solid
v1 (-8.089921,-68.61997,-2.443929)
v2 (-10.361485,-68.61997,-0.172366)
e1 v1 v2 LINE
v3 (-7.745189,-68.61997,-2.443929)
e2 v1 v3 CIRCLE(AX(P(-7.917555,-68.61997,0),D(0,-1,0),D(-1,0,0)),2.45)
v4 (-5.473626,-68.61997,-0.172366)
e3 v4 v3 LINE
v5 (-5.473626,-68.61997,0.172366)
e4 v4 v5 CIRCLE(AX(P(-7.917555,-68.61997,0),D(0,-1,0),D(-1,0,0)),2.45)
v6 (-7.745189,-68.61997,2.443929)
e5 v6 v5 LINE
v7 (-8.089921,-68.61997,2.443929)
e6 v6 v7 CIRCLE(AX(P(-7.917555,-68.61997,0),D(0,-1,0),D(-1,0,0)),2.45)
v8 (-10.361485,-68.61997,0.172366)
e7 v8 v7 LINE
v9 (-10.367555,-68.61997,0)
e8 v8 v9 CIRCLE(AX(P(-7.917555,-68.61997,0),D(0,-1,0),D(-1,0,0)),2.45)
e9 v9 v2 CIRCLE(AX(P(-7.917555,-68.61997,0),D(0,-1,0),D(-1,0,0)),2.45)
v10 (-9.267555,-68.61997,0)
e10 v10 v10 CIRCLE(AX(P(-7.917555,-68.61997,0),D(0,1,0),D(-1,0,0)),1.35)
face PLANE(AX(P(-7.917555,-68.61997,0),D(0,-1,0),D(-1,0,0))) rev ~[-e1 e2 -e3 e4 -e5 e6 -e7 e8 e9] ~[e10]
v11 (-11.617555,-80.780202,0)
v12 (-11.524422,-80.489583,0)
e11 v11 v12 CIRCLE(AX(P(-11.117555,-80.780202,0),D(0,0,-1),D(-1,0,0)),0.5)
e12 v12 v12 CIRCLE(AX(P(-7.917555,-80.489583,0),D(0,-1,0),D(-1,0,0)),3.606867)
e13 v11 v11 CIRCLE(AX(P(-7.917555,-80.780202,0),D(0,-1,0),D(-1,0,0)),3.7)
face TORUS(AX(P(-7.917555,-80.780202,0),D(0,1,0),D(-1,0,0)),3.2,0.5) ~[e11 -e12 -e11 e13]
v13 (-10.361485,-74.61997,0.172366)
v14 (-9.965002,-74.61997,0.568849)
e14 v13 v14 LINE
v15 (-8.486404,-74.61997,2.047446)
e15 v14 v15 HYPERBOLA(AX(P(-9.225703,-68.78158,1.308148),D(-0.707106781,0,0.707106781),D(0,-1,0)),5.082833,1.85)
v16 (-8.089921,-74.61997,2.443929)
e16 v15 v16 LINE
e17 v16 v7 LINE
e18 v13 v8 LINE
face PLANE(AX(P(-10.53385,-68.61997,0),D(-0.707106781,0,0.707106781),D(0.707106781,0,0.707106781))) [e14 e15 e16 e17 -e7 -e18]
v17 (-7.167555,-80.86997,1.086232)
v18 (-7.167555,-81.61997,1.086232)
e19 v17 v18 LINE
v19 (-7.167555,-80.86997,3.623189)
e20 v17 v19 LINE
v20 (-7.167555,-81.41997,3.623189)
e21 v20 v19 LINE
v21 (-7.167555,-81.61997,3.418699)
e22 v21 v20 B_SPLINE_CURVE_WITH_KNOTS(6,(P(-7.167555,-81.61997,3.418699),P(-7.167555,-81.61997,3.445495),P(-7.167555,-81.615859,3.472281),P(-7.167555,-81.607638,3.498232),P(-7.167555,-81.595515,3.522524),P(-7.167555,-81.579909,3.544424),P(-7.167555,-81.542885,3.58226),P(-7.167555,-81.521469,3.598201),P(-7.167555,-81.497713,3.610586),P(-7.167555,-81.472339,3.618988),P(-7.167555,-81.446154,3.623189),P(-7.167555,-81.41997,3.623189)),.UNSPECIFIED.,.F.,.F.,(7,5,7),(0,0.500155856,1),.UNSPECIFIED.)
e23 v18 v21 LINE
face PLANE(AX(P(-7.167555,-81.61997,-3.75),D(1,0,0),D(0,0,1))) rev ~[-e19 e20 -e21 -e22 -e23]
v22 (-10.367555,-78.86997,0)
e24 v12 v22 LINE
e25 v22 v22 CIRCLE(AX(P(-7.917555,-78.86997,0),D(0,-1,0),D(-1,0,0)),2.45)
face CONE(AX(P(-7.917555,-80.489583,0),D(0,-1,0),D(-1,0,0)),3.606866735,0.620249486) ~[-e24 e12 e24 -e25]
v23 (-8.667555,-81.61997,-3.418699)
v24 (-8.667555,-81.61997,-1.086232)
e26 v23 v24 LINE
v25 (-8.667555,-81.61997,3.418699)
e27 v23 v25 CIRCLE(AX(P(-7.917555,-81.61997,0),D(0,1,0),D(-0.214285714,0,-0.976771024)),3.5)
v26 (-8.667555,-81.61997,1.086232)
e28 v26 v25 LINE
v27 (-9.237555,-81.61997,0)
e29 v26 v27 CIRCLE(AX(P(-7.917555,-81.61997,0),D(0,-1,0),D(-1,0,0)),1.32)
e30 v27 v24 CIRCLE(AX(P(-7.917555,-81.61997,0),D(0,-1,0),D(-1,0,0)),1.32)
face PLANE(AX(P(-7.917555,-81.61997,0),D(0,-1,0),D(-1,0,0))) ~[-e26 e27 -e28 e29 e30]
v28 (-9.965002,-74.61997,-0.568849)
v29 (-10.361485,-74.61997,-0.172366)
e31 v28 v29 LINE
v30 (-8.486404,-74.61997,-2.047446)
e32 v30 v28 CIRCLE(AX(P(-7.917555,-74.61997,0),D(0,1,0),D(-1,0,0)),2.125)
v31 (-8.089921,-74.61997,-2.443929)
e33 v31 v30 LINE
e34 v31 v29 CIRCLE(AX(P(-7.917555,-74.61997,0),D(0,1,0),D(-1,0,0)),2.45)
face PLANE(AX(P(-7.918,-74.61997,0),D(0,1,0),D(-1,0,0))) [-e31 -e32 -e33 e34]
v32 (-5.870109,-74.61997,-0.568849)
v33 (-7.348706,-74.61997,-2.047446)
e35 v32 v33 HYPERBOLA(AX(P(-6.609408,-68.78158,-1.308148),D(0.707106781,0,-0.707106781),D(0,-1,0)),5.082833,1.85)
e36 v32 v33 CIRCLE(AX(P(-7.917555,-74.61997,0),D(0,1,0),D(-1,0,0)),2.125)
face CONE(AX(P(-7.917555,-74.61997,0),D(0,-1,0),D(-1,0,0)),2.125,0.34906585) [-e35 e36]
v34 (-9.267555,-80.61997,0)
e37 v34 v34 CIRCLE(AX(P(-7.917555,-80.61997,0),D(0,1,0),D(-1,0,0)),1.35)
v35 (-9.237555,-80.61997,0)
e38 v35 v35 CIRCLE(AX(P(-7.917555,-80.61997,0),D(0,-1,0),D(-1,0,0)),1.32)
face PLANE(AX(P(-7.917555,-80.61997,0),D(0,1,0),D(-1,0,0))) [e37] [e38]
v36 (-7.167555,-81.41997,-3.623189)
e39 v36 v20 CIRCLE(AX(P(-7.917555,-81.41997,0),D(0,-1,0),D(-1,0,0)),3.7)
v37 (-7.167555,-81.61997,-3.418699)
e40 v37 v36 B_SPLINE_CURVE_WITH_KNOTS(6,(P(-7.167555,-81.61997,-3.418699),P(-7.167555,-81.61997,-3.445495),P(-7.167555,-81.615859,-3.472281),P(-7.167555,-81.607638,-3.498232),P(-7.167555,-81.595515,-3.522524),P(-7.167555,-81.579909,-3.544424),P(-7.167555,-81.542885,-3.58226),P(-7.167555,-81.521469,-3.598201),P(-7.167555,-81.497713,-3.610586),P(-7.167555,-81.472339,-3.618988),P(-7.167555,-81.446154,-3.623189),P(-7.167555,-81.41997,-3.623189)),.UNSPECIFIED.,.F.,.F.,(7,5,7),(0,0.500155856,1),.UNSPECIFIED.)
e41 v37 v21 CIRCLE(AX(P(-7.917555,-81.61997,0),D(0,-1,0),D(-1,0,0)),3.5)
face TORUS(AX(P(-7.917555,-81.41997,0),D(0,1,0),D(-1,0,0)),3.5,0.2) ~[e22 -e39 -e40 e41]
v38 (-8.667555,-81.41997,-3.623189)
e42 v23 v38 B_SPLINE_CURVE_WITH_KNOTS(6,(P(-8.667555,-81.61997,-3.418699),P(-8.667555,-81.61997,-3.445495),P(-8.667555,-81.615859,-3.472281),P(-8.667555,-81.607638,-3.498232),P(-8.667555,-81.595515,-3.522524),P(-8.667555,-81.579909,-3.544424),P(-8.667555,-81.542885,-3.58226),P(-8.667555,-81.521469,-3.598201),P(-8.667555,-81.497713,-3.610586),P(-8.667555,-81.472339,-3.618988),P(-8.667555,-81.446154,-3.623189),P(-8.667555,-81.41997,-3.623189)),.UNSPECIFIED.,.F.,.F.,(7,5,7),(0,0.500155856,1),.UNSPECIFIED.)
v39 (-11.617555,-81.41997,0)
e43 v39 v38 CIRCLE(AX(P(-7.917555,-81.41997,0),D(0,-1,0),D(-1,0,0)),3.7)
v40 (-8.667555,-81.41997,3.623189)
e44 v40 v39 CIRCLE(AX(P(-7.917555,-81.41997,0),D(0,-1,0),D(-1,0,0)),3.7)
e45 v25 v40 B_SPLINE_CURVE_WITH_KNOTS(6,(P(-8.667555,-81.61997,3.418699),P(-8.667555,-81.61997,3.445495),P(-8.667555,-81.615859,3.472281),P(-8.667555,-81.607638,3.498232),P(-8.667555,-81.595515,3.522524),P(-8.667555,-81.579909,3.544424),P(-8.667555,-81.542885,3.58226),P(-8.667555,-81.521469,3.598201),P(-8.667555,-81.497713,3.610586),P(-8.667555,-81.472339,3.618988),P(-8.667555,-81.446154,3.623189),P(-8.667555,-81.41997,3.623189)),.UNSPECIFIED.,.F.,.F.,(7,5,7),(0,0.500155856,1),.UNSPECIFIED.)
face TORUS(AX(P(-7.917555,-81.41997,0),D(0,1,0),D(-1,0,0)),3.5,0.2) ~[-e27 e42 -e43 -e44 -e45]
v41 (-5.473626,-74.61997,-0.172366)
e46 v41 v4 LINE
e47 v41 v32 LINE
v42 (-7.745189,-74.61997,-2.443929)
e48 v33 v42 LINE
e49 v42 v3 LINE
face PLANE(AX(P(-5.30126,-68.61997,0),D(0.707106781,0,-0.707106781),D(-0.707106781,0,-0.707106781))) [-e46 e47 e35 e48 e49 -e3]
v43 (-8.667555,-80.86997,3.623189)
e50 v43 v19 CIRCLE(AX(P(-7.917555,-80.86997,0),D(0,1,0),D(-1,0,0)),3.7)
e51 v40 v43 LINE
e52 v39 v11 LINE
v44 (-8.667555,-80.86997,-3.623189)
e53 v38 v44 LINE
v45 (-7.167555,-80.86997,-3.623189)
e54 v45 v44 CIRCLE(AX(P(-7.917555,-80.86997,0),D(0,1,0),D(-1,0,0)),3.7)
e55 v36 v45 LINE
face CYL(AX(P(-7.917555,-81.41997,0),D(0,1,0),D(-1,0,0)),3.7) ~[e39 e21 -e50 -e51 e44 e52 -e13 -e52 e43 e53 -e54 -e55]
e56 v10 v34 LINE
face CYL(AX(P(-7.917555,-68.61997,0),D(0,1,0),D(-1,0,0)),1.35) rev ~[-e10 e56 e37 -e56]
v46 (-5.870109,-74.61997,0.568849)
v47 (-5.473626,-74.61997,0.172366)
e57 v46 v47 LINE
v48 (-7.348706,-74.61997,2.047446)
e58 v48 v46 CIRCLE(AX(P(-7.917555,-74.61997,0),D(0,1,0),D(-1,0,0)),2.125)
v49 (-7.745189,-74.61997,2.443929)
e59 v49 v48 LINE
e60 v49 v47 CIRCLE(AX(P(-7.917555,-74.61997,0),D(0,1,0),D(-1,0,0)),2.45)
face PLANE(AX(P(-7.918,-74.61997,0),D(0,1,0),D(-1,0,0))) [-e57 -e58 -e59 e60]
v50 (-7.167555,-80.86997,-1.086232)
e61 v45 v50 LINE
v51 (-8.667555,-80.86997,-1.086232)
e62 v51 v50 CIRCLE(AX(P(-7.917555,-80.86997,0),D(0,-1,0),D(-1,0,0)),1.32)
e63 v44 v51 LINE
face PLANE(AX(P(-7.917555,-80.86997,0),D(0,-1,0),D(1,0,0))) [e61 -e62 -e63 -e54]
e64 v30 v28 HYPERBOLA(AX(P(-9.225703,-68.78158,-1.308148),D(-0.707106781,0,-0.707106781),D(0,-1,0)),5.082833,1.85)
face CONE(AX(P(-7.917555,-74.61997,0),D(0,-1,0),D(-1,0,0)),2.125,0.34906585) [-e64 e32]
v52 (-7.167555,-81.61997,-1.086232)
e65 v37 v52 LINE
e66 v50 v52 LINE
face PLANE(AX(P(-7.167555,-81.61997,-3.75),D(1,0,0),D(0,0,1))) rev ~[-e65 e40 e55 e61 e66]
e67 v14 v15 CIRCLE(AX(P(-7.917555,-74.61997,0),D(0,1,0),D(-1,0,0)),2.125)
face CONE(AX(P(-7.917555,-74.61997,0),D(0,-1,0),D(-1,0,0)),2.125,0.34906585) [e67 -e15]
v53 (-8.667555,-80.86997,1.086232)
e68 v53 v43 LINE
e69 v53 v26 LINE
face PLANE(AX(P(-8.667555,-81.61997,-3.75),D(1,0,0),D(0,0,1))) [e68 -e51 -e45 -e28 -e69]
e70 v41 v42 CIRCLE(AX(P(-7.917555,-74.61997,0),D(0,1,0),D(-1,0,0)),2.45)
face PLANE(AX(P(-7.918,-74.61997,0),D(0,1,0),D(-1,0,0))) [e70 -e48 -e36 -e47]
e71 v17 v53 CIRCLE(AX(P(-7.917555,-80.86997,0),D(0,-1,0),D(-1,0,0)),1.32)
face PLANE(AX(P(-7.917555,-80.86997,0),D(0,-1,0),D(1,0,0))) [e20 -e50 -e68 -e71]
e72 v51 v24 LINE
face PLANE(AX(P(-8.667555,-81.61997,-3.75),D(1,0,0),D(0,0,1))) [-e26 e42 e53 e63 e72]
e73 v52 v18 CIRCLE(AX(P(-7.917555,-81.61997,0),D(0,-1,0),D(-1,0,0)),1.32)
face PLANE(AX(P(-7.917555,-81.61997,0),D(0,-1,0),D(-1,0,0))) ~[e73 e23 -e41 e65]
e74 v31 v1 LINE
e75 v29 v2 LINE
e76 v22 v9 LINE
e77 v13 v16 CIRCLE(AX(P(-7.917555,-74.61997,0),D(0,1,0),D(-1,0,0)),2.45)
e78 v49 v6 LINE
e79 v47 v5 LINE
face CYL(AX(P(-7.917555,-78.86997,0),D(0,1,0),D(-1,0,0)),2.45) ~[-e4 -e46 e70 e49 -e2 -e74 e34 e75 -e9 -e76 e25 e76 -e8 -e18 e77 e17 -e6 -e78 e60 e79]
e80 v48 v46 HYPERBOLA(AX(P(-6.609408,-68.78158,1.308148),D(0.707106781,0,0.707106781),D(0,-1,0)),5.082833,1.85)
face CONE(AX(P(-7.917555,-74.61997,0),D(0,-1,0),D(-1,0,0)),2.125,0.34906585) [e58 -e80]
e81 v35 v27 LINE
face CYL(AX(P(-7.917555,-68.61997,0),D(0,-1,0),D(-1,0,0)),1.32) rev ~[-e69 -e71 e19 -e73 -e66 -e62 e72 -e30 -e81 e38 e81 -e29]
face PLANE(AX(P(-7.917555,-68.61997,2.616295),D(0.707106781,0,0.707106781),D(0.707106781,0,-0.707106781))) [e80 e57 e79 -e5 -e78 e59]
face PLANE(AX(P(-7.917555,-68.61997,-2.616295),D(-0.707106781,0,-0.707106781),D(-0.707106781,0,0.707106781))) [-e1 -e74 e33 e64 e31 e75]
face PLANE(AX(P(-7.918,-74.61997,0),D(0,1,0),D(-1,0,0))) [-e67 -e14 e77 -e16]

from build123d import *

# Parameters (mm, degrees)
SKETCH2_OUTSIDE_W = 12.738
SKETCH2_OUTSIDE_H = 12.738
EXTRUDE1_DEPTH    = 6
SKETCH3_R         = 2.125
EXTRUDE2_DEPTH    = 2
EXTRUDE2_TAPER    = 20
SKETCH4_R         = 1.35
EXTRUDE3_DEPTH    = 12
SKETCH5_W         = 1.5
SKETCH5_H         = 7.5
EXTRUDE4_DEPTH    = 0.75


with BuildPart() as part:
    # Sketch1 → Revolve1 (revolve)
    with BuildSketch(Plane.XY, mode=Mode.PRIVATE) as revolve1_sk:
        with BuildLine():
            Line((-6.597555333, -81.619969832), (-4.417555333, -81.619969832))
            ThreePointArc((-4.417555333, -81.619969832), (-4.276133977, -81.561391188), (-4.217555333, -81.419969832))
            Line((-4.217555333, -81.419969832), (-4.217555333, -80.780202359))
            ThreePointArc((-4.217555333, -80.780202359), (-4.241407579, -80.627613643), (-4.310688598, -80.489583262))
            Line((-4.310688598, -80.489583262), (-5.467555333, -78.869969832))
            Line((-5.467555333, -78.869969832), (-5.467555333, -72.569969832))
            Line((-5.467555333, -72.569969832), (-5.467555333, -68.619969832))
            Line((-5.467555333, -68.619969832), (-6.597555333, -68.619969832))
            Line((-6.597555333, -68.619969832), (-6.597555333, -81.619969832))
        make_face()
    revolve(revolve1_sk.sketch.rotate(Axis((-7.917555333, -68.619969832, 0), (0, -1, 0)), 180), axis=Axis((-7.917555333, -68.619969832, 0), (0, -1, 0)))

    # Sketch2 outside → Extrude1 (cut)
    with BuildSketch(Plane(origin=(0, -68.619969832, 0), x_dir=(-1, 0, 0), z_dir=(0, 1, 0))):
        with Locations((7.918, 0)):
            Rectangle(SKETCH2_OUTSIDE_W, SKETCH2_OUTSIDE_H)
        Polygon((5.301260243, 0), (7.917555333, -2.61629509), (10.533850424, 0), (7.917555333, 2.61629509), align=None, mode=Mode.SUBTRACT)
    extrude(amount=-EXTRUDE1_DEPTH, mode=Mode.SUBTRACT)

    # Sketch3 → Extrude2 (add)
    with BuildSketch(Plane(origin=(0, -74.619969832, 0), x_dir=(-1, 0, 0), z_dir=(0, 1, 0))):
        with Locations((7.917555333, 0)):
            Circle(SKETCH3_R)
    extrude(amount=EXTRUDE2_DEPTH, taper=EXTRUDE2_TAPER)

    # Sketch4 → Extrude3 (cut)
    with BuildSketch(Plane(origin=(0, -68.619969832, 0), x_dir=(-1, 0, 0), z_dir=(0, 1, 0))):
        with Locations((7.917555333, 0)):
            Circle(SKETCH4_R)
    extrude(amount=-EXTRUDE3_DEPTH, mode=Mode.SUBTRACT)

    # Sketch5 → Extrude4 (cut)
    with BuildSketch(Plane.XZ.offset(81.619969832)):
        with Locations((-7.917555333, 0)):
            Rectangle(SKETCH5_W, SKETCH5_H)
    extrude(amount=-EXTRUDE4_DEPTH, mode=Mode.SUBTRACT)


solid = part.part
